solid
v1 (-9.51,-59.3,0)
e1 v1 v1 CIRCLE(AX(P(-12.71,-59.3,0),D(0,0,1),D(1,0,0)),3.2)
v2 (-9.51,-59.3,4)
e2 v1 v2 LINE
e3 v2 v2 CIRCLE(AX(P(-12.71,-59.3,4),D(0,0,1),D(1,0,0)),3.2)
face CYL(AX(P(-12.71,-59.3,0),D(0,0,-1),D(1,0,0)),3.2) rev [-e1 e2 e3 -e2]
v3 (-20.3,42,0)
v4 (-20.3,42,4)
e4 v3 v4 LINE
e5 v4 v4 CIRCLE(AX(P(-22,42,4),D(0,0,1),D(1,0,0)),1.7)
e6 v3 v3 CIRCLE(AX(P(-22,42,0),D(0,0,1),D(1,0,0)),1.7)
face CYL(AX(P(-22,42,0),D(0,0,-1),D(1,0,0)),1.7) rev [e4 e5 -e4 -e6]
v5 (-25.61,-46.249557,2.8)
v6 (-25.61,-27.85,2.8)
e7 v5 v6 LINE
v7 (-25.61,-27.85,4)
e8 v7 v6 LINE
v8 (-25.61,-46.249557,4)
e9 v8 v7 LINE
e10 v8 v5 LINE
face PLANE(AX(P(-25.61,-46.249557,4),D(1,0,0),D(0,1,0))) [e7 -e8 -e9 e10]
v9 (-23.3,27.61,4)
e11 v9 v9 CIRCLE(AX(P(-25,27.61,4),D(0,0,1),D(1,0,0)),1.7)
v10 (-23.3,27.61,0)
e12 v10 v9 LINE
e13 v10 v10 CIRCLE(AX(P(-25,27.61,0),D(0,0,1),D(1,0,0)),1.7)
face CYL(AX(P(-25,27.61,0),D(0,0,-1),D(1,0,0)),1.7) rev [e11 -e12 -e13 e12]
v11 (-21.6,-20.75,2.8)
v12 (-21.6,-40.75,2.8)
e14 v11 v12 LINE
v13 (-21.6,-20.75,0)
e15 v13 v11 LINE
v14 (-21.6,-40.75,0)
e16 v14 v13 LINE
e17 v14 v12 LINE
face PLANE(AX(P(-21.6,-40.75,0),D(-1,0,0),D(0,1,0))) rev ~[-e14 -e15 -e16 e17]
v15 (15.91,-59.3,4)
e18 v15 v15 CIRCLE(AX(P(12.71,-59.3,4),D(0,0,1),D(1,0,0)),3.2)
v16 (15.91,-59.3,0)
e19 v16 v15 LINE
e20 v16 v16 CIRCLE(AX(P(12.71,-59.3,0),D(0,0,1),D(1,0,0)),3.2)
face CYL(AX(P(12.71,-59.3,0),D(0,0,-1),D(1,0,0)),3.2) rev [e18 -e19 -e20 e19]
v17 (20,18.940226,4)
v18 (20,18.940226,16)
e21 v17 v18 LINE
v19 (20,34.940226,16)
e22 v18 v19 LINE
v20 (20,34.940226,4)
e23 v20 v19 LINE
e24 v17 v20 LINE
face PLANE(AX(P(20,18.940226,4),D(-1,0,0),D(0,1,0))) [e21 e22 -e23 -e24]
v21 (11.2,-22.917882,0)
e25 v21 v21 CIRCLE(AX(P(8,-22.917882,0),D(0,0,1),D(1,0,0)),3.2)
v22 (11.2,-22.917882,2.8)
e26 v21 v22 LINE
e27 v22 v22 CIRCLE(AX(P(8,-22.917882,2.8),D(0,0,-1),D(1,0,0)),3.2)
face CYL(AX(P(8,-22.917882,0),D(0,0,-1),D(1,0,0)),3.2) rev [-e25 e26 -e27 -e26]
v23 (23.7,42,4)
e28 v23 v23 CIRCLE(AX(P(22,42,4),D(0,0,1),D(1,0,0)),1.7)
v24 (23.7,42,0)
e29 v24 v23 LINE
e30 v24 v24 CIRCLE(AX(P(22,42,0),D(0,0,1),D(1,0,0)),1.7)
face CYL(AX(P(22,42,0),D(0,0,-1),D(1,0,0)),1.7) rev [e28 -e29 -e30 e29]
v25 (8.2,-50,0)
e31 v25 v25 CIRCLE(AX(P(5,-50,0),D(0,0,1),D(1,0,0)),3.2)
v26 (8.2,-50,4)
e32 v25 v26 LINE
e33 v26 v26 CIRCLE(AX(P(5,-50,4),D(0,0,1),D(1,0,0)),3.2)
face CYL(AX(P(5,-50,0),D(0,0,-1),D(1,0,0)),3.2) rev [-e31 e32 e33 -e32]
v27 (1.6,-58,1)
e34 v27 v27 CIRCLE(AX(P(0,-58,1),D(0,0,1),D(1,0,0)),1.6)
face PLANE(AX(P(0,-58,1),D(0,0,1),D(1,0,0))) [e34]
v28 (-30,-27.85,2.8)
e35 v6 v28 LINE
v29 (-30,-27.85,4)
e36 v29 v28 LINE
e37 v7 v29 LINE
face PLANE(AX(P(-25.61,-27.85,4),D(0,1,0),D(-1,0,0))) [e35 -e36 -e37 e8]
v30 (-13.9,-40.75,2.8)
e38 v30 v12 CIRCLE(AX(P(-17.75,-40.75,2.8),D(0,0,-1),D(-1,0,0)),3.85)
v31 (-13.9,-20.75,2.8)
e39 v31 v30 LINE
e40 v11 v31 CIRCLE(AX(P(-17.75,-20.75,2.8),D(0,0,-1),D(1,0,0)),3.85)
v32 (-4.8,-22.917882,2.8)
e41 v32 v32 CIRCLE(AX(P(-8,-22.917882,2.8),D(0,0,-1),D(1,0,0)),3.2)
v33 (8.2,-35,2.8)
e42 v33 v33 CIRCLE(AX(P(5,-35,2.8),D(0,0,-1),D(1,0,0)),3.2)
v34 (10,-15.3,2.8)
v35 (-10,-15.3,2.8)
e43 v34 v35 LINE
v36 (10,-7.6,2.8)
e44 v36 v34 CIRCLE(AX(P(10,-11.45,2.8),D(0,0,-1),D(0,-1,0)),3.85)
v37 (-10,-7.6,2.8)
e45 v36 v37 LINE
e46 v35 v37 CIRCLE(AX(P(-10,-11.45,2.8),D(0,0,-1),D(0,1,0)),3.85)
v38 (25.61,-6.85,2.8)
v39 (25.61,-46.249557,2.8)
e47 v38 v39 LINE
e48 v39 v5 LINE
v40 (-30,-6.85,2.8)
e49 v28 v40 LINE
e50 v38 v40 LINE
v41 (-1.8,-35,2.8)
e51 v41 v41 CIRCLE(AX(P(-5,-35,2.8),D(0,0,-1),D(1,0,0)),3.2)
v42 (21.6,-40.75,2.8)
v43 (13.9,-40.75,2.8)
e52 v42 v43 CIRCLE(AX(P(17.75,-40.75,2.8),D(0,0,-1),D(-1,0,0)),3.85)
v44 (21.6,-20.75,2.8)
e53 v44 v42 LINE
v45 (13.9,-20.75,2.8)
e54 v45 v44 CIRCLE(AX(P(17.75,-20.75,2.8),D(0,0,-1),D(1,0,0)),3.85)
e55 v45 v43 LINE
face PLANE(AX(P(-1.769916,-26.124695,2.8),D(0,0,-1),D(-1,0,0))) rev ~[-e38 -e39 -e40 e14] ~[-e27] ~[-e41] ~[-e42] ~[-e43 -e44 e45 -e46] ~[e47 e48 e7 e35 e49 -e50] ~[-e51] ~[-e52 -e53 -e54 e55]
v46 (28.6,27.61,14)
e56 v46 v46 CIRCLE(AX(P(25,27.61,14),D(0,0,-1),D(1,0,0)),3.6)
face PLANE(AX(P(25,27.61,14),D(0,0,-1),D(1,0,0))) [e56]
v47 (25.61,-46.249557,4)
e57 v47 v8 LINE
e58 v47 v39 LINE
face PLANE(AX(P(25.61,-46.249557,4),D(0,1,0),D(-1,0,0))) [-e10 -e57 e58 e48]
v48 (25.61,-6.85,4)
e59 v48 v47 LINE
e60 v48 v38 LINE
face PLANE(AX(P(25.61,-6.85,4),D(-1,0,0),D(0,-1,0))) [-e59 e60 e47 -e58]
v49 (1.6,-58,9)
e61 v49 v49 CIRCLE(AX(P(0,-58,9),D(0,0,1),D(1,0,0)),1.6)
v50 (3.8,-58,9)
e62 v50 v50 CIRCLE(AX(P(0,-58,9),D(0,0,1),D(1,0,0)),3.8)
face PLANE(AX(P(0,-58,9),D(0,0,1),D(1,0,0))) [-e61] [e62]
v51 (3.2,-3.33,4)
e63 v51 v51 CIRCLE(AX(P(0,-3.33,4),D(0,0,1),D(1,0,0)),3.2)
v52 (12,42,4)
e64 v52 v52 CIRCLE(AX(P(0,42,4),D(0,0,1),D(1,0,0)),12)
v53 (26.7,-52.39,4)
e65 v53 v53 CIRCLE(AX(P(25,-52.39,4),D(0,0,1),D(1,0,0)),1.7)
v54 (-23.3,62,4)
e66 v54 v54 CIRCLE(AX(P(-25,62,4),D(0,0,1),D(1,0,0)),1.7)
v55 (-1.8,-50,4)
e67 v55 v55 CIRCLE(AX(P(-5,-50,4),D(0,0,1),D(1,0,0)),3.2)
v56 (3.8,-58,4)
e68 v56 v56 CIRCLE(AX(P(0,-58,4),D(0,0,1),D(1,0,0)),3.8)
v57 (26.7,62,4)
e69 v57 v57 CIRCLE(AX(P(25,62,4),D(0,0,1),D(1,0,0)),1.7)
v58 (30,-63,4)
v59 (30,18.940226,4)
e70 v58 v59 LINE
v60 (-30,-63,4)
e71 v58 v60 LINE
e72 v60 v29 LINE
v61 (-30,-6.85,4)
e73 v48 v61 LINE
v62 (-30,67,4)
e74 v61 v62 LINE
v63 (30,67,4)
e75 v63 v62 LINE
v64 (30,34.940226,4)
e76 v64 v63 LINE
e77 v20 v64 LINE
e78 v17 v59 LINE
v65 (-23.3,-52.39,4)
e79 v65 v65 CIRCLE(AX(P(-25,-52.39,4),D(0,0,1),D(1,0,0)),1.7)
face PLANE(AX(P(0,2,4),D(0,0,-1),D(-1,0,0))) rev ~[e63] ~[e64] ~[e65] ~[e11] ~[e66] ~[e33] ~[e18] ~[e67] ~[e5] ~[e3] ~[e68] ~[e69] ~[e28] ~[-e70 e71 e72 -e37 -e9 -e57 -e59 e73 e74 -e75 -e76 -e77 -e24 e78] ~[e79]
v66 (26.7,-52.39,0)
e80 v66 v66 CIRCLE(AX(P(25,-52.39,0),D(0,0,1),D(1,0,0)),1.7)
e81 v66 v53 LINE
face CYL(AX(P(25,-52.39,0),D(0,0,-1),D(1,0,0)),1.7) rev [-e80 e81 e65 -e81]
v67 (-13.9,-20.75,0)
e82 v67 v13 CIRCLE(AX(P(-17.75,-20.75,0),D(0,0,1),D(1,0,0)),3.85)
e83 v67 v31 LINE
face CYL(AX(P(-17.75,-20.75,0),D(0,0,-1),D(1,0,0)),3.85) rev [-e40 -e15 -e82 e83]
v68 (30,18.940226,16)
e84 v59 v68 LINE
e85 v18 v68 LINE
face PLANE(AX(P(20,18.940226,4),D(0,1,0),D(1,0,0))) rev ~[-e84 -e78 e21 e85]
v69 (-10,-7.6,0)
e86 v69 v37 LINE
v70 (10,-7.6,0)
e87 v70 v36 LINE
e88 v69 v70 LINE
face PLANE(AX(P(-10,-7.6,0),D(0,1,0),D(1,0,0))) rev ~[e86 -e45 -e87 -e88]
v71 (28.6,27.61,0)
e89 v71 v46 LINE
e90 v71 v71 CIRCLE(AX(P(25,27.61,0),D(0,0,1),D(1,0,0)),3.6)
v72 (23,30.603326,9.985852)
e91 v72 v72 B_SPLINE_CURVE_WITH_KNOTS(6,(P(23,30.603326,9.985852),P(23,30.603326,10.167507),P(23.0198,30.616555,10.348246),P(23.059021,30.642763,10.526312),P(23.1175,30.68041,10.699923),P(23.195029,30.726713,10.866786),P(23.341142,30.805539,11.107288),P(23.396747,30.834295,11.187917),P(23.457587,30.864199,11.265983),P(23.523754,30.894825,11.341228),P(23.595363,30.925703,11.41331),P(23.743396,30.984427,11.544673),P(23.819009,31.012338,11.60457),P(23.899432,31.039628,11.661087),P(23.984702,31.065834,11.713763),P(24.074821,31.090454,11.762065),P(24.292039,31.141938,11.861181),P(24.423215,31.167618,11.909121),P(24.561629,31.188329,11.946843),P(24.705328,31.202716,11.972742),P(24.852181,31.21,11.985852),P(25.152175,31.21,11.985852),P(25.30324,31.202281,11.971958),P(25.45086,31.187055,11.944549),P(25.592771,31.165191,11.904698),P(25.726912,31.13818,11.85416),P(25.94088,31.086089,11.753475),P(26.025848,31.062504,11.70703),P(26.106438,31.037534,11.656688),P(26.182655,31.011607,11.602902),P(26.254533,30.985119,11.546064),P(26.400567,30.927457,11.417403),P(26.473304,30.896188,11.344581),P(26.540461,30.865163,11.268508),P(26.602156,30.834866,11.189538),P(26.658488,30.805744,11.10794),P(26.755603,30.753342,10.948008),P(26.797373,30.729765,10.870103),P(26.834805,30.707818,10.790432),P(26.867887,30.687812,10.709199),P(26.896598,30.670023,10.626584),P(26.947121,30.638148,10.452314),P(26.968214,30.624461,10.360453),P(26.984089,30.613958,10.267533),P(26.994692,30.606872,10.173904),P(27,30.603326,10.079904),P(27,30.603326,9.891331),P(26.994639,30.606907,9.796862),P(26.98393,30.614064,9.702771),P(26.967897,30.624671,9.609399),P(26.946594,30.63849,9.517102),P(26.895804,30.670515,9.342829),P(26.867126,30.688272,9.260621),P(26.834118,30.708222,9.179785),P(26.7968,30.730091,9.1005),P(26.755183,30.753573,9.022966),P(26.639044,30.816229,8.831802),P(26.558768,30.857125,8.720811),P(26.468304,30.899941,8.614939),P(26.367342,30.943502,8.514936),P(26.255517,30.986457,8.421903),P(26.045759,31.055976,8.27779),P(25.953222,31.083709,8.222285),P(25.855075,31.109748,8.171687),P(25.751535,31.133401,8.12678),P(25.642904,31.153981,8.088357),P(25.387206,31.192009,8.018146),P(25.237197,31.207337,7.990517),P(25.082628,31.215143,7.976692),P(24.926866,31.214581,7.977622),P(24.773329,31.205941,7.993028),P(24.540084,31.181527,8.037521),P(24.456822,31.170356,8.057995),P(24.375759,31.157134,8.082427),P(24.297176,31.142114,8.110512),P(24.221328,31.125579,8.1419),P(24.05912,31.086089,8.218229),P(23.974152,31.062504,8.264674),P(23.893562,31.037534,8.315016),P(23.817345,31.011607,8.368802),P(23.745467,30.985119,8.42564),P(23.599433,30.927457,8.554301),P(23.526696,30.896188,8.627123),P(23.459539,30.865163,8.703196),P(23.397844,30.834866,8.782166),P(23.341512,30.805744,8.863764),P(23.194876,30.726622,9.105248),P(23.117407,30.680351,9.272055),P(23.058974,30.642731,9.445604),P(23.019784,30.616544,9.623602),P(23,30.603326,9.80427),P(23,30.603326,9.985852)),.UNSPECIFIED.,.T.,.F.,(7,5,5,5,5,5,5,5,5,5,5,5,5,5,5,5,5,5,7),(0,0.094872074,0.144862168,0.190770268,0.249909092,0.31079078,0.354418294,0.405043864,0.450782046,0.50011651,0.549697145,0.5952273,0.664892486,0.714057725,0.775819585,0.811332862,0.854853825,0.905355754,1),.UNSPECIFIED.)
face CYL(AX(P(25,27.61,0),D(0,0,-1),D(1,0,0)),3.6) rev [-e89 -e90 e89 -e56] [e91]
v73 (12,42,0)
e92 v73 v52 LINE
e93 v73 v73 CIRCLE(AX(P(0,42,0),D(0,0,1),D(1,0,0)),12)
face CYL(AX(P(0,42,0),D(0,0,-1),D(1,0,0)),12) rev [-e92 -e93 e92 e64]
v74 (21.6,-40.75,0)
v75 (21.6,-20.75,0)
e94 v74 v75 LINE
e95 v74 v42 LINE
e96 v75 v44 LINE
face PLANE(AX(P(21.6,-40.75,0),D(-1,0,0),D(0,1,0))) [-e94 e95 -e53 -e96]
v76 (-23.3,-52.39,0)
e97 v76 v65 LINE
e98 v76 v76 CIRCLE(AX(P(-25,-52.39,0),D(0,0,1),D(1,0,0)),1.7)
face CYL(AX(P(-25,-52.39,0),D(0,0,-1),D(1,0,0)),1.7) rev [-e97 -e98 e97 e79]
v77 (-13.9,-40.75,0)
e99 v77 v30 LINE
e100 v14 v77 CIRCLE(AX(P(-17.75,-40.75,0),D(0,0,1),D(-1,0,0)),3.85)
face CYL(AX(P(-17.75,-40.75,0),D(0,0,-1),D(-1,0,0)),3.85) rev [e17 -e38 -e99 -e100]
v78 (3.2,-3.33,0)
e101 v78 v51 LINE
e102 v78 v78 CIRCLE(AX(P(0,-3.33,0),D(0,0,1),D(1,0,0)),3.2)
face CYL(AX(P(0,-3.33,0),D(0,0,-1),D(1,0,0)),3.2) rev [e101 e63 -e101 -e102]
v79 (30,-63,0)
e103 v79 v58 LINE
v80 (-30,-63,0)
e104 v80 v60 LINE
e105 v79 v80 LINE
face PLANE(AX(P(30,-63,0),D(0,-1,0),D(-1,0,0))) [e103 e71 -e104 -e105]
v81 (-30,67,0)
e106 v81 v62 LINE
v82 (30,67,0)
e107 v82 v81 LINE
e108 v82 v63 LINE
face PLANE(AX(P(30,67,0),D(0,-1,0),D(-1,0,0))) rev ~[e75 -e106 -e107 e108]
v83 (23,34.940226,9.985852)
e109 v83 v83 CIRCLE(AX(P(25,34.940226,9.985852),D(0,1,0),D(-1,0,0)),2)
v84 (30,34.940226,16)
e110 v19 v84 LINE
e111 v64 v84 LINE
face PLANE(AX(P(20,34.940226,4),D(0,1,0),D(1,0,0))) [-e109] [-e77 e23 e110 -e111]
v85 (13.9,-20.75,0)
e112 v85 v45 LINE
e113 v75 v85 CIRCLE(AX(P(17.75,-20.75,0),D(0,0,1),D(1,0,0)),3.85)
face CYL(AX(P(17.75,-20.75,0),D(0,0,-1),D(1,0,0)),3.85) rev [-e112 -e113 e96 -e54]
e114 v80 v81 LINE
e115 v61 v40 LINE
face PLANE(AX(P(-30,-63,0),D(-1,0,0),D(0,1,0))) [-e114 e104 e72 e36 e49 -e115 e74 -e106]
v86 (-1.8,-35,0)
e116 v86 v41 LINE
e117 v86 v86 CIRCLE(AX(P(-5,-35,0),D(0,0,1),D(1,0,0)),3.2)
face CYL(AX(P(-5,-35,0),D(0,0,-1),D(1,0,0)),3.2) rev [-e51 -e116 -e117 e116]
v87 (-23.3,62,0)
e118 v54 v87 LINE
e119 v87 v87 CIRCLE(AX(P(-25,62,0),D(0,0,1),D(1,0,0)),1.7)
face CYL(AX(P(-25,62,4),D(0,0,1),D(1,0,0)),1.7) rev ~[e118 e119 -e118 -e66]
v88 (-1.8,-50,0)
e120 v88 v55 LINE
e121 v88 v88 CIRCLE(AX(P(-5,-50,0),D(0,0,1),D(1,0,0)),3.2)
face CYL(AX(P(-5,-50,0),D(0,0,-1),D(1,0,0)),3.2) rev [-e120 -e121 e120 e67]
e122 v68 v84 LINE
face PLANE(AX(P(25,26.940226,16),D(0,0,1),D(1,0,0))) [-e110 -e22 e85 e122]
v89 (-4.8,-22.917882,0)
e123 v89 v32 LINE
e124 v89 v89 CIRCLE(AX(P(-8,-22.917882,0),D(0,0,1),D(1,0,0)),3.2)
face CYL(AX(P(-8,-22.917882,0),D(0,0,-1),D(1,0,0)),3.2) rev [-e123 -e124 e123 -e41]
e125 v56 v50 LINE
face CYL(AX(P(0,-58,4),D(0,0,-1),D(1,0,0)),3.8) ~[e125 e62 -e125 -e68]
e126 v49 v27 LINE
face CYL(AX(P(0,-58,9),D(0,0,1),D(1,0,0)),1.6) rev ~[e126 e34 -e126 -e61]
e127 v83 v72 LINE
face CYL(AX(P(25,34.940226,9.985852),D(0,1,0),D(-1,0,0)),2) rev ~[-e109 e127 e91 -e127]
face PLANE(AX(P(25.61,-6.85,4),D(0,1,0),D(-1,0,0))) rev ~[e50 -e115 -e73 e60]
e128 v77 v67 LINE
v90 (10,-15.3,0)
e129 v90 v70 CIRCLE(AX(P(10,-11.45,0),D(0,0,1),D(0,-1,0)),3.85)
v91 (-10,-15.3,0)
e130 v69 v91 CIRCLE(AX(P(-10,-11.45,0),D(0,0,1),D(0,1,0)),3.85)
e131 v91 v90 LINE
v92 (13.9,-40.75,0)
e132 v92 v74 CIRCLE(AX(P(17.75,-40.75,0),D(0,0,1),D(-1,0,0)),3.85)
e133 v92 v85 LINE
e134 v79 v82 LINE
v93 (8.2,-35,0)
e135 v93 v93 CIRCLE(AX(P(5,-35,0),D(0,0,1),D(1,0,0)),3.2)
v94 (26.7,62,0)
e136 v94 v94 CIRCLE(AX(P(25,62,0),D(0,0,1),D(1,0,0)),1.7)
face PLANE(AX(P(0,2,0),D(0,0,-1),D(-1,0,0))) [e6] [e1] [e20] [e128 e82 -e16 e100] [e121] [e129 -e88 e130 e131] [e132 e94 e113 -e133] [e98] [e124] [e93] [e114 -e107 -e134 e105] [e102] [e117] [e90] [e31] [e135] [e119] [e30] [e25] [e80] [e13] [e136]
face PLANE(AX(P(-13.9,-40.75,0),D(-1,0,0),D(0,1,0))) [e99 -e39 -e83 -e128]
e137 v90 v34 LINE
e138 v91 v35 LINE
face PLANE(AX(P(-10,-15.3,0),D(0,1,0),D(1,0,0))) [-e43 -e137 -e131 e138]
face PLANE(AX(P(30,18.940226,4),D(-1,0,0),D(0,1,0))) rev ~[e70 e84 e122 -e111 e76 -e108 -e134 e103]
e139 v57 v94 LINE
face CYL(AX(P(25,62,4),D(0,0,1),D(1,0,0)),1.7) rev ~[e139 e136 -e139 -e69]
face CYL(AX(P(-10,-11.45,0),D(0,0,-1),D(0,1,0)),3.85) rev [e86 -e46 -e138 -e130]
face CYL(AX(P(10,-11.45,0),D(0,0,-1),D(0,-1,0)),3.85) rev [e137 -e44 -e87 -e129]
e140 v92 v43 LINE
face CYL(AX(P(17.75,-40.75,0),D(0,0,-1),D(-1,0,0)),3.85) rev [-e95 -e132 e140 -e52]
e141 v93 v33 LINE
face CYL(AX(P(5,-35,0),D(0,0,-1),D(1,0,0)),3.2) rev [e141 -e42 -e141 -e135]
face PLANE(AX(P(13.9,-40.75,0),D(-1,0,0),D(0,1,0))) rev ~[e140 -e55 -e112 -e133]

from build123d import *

# Parameters (mm, degrees)
SKETCH_R        = 3.2
SKETCH_R_2      = 1.7
SKETCH_R_3      = 3.6
SKETCH_R_4      = 12
PAD_DEPTH       = 4
POCKET_DEPTH    = 1.2
SKETCH005_R     = 3.8
PAD002_DEPTH    = 5
SKETCH007_R     = 2
POCKET004_DEPTH = 12
SKETCH011_R     = 2
POCKET006_DEPTH = 10
SKETCH012_R     = 1.6
POCKET007_DEPTH = 8
SKETCH013_W     = 10
SKETCH013_H     = 16
PAD003_DEPTH    = 12
SKETCH014_R     = 3.6
POCKET008_DEPTH = 10
SKETCH015_R     = 2
POCKET009_DEPTH = 10
SKETCH016_R     = 1.7
POCKET010_DEPTH = 5


with BuildPart() as part:
    # Sketch → Pad (new body)
    with BuildSketch(Plane.XY):
        Polygon((30, -63), (-30, -63), (-30, 67), (0, 67), (30, 67), (30, -2), (30, -22), (30, -41), align=None)
        with Locations((-12.71, -59.3)):
            Circle(SKETCH_R, mode=Mode.SUBTRACT)
        with Locations((12.71, -59.3)):
            Circle(SKETCH_R, mode=Mode.SUBTRACT)
        with Locations((0, -3.33)):
            Circle(SKETCH_R, mode=Mode.SUBTRACT)
        with Locations((-8, -22.917882)):
            Circle(SKETCH_R, mode=Mode.SUBTRACT)
        with Locations((8, -22.917882)):
            Circle(SKETCH_R, mode=Mode.SUBTRACT)
        with Locations((-5, -35)):
            Circle(SKETCH_R, mode=Mode.SUBTRACT)
        with Locations((5, -35)):
            Circle(SKETCH_R, mode=Mode.SUBTRACT)
        with Locations((-5, -50)):
            Circle(SKETCH_R, mode=Mode.SUBTRACT)
        with Locations((5, -50)):
            Circle(SKETCH_R, mode=Mode.SUBTRACT)
        with Locations((-25, -52.39)):
            Circle(SKETCH_R_2, mode=Mode.SUBTRACT)
        with Locations((25, -52.39)):
            Circle(SKETCH_R_2, mode=Mode.SUBTRACT)
        with Locations((-25, 27.61)):
            Circle(SKETCH_R_2, mode=Mode.SUBTRACT)
        with Locations((25, 27.61)):
            Circle(SKETCH_R_3, mode=Mode.SUBTRACT)
        with Locations((0, 42)):
            Circle(SKETCH_R_4, mode=Mode.SUBTRACT)
        with Locations((-22, 42)):
            Circle(SKETCH_R_2, mode=Mode.SUBTRACT)
        with Locations((22, 42)):
            Circle(SKETCH_R_2, mode=Mode.SUBTRACT)
        with BuildLine():
            ThreePointArc((-21.6, -40.75), (-17.75, -44.6), (-13.9, -40.75))
            Line((-13.9, -40.75), (-13.9, -20.75))
            ThreePointArc((-13.9, -20.75), (-17.75, -16.9), (-21.6, -20.75))
            Line((-21.6, -40.75), (-21.6, -20.75))
        make_face(mode=Mode.SUBTRACT)
        with BuildLine():
            ThreePointArc((13.9, -40.75), (17.75, -44.6), (21.6, -40.75))
            Line((21.6, -40.75), (21.6, -20.75))
            ThreePointArc((21.6, -20.75), (17.75, -16.9), (13.9, -20.75))
            Line((13.9, -40.75), (13.9, -20.75))
        make_face(mode=Mode.SUBTRACT)
        with BuildLine():
            ThreePointArc((-10, -7.6), (-13.85, -11.45), (-10, -15.3))
            Line((-10, -15.3), (10, -15.3))
            ThreePointArc((10, -15.3), (13.85, -11.45), (10, -7.6))
            Line((-10, -7.6), (10, -7.6))
        make_face(mode=Mode.SUBTRACT)
    extrude(amount=PAD_DEPTH)

    # Sketch001 (on Face38 of Pad) → Pocket (cut)
    with BuildSketch(Plane.XY.offset(4)):
        Polygon((25.61, -46.249557), (-25.61, -46.249557), (-25.61, -27.85), (-30, -27.85), (-30, -6.85), (-25.701572, -6.85), (25.61, -6.85), align=None)
    extrude(amount=-POCKET_DEPTH, mode=Mode.SUBTRACT)

    # Sketch005 → Pad002 (join)
    with BuildSketch(Plane.XY.offset(4)):
        with Locations((0, -58)):
            Circle(SKETCH005_R)
    extrude(amount=PAD002_DEPTH)

    # Sketch007 → Pocket004 (cut)
    with BuildSketch(Plane(origin=(25.61, 0, 0), x_dir=(0, -1, 0), z_dir=(-1, 0, 0))):
        with Locations((-25, 10.599272)):
            Circle(SKETCH007_R)
    extrude(amount=-POCKET004_DEPTH, mode=Mode.SUBTRACT)

    # Sketch011 → Pocket006 (cut)
    with BuildSketch(Plane.YZ.offset(30)):
        with Locations((-25, -5.497445)):
            Circle(SKETCH011_R)
    extrude(amount=-POCKET006_DEPTH, mode=Mode.SUBTRACT)

    # Sketch012 (on Face47 of Pocket006) → Pocket007 (cut)
    with BuildSketch(Plane.XY.offset(9)):
        with Locations((0, -58)):
            Circle(SKETCH012_R)
    extrude(amount=-POCKET007_DEPTH, mode=Mode.SUBTRACT)

    # Sketch013 (on Face5 of Pocket007) → Pad003 (join)
    with BuildSketch(Plane.XY.offset(4)):
        with Locations((25, 26.940226)):
            Rectangle(SKETCH013_W, SKETCH013_H)
    extrude(amount=PAD003_DEPTH)

    # Sketch014 (on Face51 of Pad003) → Pocket008 (cut)
    with BuildSketch(Plane(origin=(0, 0, 4), x_dir=(1, 0, 0), z_dir=(0, 0, -1))):
        with Locations((25, -27.61)):
            Circle(SKETCH014_R)
    extrude(amount=-POCKET008_DEPTH, mode=Mode.SUBTRACT)

    # Sketch015 (on Face41 of Pocket008) → Pocket009 (cut)
    with BuildSketch(Plane(origin=(0, 34.940226, 0), x_dir=(-1, 0, 0), z_dir=(0, 1, 0))):
        with Locations((-25, 9.985852)):
            Circle(SKETCH015_R)
    extrude(amount=-POCKET009_DEPTH, mode=Mode.SUBTRACT)

    # Sketch016 (on Face5 of Pocket009) → Pocket010 (cut)
    with BuildSketch(Plane.XY.offset(4)):
        with Locations((-25, 62)):
            Circle(SKETCH016_R)
        with Locations((25, 62)):
            Circle(SKETCH016_R)
    extrude(amount=-POCKET010_DEPTH, mode=Mode.SUBTRACT)


solid = part.part
